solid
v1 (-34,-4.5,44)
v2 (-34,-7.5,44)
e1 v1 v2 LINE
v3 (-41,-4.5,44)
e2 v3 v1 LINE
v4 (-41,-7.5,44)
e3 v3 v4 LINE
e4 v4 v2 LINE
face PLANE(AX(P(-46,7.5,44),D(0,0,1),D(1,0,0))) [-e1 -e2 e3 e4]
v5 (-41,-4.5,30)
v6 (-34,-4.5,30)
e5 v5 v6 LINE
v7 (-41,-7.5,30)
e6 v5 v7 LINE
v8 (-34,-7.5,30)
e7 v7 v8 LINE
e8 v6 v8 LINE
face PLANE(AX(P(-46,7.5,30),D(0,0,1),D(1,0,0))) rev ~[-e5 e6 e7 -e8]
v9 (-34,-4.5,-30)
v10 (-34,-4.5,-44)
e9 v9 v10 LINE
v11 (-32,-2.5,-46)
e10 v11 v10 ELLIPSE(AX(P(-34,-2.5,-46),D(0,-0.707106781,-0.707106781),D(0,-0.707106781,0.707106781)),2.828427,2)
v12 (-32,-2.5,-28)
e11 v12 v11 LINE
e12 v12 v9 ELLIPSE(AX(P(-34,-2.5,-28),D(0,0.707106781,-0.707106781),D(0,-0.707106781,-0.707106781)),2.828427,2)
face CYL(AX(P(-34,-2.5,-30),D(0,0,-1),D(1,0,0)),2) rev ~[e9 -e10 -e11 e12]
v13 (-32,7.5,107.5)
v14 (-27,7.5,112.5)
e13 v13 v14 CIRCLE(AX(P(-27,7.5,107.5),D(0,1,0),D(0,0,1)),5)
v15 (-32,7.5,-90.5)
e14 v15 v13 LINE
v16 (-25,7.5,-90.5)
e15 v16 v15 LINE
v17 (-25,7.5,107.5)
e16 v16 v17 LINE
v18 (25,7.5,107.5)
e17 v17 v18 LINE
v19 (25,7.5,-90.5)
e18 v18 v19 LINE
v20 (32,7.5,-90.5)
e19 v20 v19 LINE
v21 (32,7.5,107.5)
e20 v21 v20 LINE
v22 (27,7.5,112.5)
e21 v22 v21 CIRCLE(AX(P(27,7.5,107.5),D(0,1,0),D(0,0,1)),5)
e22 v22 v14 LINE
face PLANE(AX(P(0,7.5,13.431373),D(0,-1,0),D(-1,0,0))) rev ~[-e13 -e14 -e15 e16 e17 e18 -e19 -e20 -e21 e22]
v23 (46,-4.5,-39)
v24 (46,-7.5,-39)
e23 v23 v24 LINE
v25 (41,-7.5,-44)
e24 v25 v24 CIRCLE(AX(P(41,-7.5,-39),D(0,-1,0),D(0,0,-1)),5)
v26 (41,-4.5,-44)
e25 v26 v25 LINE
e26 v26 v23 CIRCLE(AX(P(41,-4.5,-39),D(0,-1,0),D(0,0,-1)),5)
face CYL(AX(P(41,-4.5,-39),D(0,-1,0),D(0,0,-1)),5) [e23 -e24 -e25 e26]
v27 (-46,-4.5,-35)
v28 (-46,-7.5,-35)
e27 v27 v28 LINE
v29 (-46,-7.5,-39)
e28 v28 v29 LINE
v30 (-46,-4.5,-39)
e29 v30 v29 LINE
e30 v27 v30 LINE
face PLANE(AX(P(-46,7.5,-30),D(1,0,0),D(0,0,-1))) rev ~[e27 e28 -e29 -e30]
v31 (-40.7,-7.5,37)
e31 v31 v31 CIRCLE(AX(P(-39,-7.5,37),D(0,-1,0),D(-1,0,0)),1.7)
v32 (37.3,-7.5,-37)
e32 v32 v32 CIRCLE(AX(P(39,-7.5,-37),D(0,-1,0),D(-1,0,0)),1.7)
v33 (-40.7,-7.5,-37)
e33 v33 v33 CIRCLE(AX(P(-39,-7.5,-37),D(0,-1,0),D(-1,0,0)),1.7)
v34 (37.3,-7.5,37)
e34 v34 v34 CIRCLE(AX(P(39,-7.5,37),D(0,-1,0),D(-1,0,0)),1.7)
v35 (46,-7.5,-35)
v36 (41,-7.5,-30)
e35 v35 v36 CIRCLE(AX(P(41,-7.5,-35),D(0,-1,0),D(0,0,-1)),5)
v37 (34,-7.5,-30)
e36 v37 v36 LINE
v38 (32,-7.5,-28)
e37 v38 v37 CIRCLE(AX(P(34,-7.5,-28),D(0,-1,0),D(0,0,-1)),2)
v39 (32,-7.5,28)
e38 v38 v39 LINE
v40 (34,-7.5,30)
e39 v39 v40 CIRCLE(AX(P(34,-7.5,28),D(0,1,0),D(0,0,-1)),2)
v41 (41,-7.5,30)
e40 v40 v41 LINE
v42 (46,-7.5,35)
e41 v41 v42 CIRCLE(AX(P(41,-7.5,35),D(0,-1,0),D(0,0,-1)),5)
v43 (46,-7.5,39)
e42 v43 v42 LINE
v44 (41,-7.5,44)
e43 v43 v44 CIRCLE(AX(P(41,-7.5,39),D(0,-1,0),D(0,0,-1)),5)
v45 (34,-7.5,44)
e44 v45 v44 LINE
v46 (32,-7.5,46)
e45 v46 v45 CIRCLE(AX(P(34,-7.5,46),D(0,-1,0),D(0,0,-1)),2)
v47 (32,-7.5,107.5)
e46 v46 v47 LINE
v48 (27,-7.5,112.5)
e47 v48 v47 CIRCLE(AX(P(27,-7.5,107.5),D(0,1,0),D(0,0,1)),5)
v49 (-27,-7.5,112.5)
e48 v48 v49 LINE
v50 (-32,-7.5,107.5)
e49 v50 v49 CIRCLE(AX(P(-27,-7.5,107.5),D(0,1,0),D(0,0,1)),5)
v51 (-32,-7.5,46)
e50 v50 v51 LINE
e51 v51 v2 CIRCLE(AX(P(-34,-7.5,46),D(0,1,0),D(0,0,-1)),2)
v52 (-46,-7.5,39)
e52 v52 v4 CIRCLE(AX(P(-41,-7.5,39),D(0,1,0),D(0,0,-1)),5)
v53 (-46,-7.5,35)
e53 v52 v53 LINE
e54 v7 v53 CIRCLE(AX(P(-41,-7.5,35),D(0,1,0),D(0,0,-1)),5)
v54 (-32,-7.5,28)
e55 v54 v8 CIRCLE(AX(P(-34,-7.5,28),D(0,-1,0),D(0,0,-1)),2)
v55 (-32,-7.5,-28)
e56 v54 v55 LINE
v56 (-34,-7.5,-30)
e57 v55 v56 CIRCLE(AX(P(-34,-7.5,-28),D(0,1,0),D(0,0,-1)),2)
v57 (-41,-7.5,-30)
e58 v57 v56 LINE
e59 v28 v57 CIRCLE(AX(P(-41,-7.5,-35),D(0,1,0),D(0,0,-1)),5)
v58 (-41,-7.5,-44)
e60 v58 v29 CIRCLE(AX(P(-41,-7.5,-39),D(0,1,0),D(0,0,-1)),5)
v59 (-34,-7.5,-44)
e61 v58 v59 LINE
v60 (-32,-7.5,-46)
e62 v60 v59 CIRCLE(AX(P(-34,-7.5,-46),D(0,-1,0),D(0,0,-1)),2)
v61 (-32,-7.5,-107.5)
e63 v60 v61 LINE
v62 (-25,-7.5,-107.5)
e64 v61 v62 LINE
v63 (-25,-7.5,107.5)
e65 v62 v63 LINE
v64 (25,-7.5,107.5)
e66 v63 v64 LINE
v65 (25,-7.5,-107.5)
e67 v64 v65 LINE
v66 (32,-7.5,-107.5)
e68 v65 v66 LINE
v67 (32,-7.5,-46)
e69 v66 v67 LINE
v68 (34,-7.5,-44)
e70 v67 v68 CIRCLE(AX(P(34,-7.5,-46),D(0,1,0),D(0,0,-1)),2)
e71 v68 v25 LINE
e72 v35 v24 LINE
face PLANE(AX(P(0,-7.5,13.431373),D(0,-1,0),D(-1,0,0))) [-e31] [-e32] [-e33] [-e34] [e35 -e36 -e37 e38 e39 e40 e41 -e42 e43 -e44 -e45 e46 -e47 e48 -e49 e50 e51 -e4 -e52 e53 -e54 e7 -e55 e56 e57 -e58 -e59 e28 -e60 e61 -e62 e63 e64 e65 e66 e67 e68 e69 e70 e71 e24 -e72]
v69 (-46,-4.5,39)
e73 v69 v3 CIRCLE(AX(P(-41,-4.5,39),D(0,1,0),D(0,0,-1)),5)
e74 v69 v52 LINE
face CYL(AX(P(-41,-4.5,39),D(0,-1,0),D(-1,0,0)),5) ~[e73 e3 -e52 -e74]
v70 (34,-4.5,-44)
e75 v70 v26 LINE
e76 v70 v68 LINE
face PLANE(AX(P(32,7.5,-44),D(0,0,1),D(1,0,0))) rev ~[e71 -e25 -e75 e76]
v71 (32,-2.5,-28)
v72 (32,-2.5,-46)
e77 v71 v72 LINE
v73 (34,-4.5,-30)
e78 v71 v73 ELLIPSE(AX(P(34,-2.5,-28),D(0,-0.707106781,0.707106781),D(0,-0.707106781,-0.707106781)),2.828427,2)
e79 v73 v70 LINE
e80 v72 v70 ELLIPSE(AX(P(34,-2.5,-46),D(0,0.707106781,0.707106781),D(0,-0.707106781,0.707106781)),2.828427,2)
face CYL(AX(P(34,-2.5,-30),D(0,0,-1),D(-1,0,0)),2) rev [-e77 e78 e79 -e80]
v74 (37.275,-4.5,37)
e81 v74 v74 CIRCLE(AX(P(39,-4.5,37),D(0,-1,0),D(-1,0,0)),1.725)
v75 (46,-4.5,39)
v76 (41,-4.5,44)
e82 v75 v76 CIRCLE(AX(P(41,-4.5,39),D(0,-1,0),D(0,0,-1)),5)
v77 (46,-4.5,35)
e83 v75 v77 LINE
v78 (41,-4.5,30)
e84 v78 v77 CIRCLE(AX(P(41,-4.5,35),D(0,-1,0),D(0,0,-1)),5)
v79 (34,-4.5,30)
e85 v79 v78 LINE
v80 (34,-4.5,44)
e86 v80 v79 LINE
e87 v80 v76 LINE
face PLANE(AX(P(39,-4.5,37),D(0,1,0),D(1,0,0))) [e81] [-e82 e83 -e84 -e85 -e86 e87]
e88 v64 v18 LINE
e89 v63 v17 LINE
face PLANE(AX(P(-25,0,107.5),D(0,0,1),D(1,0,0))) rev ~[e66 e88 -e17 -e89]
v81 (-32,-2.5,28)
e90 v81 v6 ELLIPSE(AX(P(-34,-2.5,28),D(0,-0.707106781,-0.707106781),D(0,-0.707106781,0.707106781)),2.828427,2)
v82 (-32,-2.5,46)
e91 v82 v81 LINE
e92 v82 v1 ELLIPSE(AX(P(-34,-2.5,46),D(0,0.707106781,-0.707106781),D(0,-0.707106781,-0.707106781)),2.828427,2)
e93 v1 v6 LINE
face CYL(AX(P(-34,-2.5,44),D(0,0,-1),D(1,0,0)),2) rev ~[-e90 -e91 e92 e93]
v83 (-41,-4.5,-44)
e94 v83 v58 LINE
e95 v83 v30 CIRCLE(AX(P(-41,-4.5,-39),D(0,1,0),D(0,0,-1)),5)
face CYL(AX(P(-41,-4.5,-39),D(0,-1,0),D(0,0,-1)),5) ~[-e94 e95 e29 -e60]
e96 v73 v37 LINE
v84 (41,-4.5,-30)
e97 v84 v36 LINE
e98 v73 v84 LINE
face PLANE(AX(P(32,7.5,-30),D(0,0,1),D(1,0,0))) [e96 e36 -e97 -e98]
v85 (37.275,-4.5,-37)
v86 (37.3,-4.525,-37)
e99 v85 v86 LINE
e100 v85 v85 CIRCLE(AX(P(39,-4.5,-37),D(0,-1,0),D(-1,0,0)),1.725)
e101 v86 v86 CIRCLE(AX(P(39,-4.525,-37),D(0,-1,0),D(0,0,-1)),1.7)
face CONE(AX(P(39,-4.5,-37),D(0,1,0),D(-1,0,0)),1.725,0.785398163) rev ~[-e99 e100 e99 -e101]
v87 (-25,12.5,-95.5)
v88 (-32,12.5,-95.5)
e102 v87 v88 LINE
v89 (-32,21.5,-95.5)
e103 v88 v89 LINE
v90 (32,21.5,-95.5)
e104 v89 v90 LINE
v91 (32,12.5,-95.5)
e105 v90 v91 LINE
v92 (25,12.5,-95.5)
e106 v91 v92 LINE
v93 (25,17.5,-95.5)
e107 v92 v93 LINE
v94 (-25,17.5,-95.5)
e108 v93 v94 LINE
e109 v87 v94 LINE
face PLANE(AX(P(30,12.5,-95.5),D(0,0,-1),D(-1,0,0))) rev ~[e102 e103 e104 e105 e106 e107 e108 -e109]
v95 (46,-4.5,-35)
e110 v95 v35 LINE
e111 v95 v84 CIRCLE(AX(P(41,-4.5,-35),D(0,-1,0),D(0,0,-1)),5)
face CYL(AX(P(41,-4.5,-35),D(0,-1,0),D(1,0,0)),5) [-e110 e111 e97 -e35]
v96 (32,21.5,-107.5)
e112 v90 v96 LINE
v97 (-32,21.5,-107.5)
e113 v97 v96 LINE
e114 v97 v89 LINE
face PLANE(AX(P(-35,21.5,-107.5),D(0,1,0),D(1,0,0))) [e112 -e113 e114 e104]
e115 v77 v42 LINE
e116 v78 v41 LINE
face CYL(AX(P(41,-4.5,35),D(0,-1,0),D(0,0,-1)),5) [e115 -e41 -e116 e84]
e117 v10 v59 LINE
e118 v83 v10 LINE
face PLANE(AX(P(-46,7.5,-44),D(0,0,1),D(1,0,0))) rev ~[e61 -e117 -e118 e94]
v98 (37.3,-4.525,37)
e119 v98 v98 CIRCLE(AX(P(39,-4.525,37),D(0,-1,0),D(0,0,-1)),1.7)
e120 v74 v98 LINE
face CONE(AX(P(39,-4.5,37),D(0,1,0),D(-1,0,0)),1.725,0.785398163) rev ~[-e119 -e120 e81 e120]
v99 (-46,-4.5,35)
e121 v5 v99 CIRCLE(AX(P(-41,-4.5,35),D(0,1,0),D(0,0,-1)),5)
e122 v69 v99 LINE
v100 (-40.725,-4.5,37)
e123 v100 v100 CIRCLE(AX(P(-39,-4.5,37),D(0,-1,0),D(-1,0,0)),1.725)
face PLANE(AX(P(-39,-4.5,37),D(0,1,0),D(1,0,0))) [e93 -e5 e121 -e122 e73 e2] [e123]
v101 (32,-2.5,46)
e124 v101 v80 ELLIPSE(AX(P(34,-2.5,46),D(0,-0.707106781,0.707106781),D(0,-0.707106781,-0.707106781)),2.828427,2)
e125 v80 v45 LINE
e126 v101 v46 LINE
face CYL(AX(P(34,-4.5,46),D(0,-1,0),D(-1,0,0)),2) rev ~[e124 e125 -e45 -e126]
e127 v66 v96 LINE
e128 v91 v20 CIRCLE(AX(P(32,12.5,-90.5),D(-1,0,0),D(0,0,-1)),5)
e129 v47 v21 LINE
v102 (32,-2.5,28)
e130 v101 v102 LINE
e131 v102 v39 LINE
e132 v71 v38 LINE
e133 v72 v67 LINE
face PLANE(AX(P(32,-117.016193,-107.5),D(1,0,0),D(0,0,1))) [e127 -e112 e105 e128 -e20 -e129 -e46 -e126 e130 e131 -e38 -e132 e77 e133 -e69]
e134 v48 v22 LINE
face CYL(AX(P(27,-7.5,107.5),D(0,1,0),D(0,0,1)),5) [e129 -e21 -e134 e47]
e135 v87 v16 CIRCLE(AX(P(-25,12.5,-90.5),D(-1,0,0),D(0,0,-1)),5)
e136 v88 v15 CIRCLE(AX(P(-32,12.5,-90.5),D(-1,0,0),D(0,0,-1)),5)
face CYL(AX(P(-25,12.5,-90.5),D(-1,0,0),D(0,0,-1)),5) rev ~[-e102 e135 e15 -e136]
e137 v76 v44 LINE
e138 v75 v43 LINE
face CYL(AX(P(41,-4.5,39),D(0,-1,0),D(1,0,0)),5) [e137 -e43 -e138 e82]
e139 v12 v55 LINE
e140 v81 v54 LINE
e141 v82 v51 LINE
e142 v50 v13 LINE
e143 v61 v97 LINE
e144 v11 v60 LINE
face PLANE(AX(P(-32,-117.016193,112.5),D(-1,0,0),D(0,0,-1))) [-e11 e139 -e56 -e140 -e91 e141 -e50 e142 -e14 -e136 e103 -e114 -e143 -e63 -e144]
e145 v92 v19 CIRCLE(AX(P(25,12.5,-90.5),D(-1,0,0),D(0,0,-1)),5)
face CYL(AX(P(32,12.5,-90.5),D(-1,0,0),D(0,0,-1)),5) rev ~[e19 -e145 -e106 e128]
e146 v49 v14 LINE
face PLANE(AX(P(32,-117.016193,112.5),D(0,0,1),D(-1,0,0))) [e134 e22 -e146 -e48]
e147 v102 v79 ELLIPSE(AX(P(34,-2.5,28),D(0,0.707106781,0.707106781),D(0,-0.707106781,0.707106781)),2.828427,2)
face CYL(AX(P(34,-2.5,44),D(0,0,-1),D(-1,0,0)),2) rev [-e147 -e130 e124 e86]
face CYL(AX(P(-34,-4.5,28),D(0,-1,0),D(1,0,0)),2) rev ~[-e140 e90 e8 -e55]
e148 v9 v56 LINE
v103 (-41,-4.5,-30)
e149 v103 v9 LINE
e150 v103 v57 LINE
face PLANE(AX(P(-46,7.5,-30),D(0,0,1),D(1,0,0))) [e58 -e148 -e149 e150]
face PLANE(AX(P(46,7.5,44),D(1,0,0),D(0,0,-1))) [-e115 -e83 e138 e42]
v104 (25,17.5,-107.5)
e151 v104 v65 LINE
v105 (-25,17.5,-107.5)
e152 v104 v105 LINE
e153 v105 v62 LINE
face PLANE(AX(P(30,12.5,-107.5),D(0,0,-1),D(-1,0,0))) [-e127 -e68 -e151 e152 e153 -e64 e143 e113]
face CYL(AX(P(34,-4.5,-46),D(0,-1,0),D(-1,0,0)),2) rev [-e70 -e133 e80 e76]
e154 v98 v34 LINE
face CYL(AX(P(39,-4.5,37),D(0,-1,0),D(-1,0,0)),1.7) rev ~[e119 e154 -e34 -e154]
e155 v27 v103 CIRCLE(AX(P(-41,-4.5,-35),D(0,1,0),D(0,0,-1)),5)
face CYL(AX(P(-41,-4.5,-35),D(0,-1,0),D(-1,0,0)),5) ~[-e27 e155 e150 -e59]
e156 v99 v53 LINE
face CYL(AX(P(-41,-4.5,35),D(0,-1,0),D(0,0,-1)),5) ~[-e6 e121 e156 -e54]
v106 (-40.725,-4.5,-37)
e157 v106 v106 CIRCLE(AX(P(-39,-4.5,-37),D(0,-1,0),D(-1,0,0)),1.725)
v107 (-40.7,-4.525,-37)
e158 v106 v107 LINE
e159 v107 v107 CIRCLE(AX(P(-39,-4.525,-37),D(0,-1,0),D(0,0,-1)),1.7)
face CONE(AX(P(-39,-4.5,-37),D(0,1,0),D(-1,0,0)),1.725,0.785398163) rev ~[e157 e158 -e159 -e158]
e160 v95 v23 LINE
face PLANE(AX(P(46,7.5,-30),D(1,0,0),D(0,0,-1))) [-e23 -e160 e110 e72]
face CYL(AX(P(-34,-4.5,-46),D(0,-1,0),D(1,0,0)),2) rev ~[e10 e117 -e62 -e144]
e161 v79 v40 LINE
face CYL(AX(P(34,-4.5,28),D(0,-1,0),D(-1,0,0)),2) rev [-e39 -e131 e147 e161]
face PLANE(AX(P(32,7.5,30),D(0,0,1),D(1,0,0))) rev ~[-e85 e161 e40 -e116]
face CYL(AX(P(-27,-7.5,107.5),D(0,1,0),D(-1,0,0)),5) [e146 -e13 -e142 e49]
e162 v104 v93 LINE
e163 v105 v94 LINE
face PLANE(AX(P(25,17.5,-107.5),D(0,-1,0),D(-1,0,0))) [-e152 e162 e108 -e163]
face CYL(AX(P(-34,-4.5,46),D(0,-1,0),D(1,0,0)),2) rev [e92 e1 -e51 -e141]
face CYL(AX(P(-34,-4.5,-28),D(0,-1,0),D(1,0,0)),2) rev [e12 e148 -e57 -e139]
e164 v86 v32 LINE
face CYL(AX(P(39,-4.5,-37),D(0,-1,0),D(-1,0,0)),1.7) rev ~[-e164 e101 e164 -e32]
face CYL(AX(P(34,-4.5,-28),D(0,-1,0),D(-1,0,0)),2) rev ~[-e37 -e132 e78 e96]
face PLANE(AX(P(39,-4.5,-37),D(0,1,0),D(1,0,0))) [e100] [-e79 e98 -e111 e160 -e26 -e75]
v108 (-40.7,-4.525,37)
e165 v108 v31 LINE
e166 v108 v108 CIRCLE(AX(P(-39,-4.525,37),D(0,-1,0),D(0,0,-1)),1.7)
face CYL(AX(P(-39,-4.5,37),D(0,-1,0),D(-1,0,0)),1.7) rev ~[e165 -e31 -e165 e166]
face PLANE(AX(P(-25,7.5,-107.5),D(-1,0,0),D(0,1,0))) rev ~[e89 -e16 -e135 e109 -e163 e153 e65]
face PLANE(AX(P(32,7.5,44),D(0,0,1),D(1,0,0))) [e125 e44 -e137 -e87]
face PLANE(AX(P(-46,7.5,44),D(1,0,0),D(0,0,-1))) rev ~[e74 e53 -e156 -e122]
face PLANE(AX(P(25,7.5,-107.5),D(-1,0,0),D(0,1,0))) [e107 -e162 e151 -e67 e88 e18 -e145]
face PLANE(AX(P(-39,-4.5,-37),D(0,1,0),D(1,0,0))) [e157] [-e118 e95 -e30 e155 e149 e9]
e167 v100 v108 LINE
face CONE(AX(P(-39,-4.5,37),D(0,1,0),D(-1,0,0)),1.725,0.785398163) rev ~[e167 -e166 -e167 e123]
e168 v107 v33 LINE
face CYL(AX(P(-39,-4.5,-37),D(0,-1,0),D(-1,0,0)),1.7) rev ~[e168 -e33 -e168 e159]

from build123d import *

# Parameters (mm, degrees)
BOSS_EXTRUDE1_DEPTH            = 7.5
SKETCH2_W                      = 10
SKETCH2_H                      = 10
BOSS_EXTRUDE2_DEPTH            = 12
CUT_EXTRUDE1_DEPTH             = 124.51619327
CUT_EXTRUDE1_DEPTH_BACK        = 124.51619327
SKETCH4_W                      = 14
SKETCH4_H                      = 14
BOSS_EXTRUDE3_DEPTH            = 15
SKETCH7_W                      = 14
SKETCH7_H                      = 14
CUT_EXTRUDE2_DEPTH             = 12
M3_CLEARANCE_HOLE1_D           = 3.4
M3_CLEARANCE_HOLE1_CSINK_D     = 3.45
M3_CLEARANCE_HOLE1_CSINK_ANGLE = 90
FILLET1_R                      = 2
FILLET2_R                      = 5


with BuildPart() as part:
    # Sketch1 → Boss-Extrude1 (new, symmetric)
    with BuildSketch(Plane(origin=(0, 0, 0), x_dir=(1, 0, 0), z_dir=(0, 1, 0))):
        Polygon((25, 107.5), (35, 107.5), (35, -117.5), (-35, -117.5), (-35, 107.5), (-25, 107.5), (-25, -107.5), (25, -107.5), align=None)
    extrude(amount=BOSS_EXTRUDE1_DEPTH, both=True)

    # Sketch2 → Boss-Extrude2 (add)
    with BuildSketch(Plane(origin=(0, 0, -107.5), x_dir=(-1, 0, 0), z_dir=(0, 0, -1))):
        with Locations((-30, 12.5)):
            Rectangle(SKETCH2_W, SKETCH2_H)
        Polygon((-35, 21.5), (-35, 17.5), (-25, 17.5), (25, 17.5), (35, 17.5), (35, 21.5), align=None)
        with Locations((30, 12.5)):
            Rectangle(SKETCH2_W, SKETCH2_H)
    extrude(amount=-BOSS_EXTRUDE2_DEPTH)

    # Sketch3 → Cut-Extrude1 (cut, two sides: drawn at the far end of the back side and taken through both)
    with BuildSketch(Plane(origin=(0, 7.5, 0), x_dir=(1, 0, 0), z_dir=(0, 1, 0)).offset(-CUT_EXTRUDE1_DEPTH_BACK)):
        Polygon((-35, -117.5), (35, -117.5), (35, -112.5), (35, 107.5), (32, 107.5), (32, -112.5), (-32, -112.5), (-32, 107.5), (-35, 107.5), (-35, -112.5), align=None)
    extrude(amount=CUT_EXTRUDE1_DEPTH + CUT_EXTRUDE1_DEPTH_BACK, mode=Mode.SUBTRACT)

    # Sketch4 → Boss-Extrude3 (add)
    with BuildSketch(Plane(origin=(0, 7.5, 0), x_dir=(1, 0, 0), z_dir=(0, 1, 0))):
        with Locations((-39, 37)):
            Rectangle(SKETCH4_W, SKETCH4_H)
        with Locations((39, -37)):
            Rectangle(SKETCH4_W, SKETCH4_H)
        with Locations((-39, -37)):
            Rectangle(SKETCH4_W, SKETCH4_H)
        with Locations((39, 37)):
            Rectangle(SKETCH4_W, SKETCH4_H)
    extrude(amount=-BOSS_EXTRUDE3_DEPTH)

    # Sketch7 → Cut-Extrude2 (cut)
    with BuildSketch(Plane(origin=(0, 7.5, 0), x_dir=(1, 0, 0), z_dir=(0, 1, 0))):
        with Locations((-39, 37)):
            Rectangle(SKETCH7_W, SKETCH7_H)
        with Locations((39, 37)):
            Rectangle(SKETCH7_W, SKETCH7_H)
        with Locations((39, -37)):
            Rectangle(SKETCH7_W, SKETCH7_H)
        with Locations((-39, -37)):
            Rectangle(SKETCH7_W, SKETCH7_H)
    extrude(amount=-CUT_EXTRUDE2_DEPTH, mode=Mode.SUBTRACT)

    # M3 Clearance Hole1 (through all)
    with Locations(Plane(origin=(0, -4.5, 0), x_dir=(1, 0, 0), z_dir=(0, 1, 0))):
        with Locations((-39, 37), (39, 37), (39, -37), (-39, -37)):
            CounterSinkHole(M3_CLEARANCE_HOLE1_D / 2, M3_CLEARANCE_HOLE1_CSINK_D / 2, counter_sink_angle=M3_CLEARANCE_HOLE1_CSINK_ANGLE)

    # Fillet1
    fillet1_edges = [part.edges().sort_by_distance(p)[0] for p in [
        (-32, -6, -44),
        (-32, -6, -30),
        (-32, -6, 30),
        (-32, -6, 44),
        (32, -6, 30),
        (32, -6, 44),
        (32, -6, -44),
        (32, -6, -30),
        (-32, -4.5, 37),
        (32, -4.5, 37),
        (32, -4.5, -37),
        (-32, -4.5, -37),
    ]]
    fillet(fillet1_edges, radius=FILLET1_R)

    # Fillet2
    fillet2_edges = [part.edges().sort_by_distance(p)[0] for p in [
        (-46, -6, -30),
        (-46, -6, -44),
        (-46, -6, 44),
        (-46, -6, 30),
        (46, -6, 30),
        (46, -6, 44),
        (46, -6, -44),
        (46, -6, -30),
        (-28.5, 7.5, -95.5),
        (28.5, 7.5, -95.5),
        (-32, 0, 112.5),
        (32, 0, 112.5),
    ]]
    fillet(fillet2_edges, radius=FILLET2_R)


solid = part.part
